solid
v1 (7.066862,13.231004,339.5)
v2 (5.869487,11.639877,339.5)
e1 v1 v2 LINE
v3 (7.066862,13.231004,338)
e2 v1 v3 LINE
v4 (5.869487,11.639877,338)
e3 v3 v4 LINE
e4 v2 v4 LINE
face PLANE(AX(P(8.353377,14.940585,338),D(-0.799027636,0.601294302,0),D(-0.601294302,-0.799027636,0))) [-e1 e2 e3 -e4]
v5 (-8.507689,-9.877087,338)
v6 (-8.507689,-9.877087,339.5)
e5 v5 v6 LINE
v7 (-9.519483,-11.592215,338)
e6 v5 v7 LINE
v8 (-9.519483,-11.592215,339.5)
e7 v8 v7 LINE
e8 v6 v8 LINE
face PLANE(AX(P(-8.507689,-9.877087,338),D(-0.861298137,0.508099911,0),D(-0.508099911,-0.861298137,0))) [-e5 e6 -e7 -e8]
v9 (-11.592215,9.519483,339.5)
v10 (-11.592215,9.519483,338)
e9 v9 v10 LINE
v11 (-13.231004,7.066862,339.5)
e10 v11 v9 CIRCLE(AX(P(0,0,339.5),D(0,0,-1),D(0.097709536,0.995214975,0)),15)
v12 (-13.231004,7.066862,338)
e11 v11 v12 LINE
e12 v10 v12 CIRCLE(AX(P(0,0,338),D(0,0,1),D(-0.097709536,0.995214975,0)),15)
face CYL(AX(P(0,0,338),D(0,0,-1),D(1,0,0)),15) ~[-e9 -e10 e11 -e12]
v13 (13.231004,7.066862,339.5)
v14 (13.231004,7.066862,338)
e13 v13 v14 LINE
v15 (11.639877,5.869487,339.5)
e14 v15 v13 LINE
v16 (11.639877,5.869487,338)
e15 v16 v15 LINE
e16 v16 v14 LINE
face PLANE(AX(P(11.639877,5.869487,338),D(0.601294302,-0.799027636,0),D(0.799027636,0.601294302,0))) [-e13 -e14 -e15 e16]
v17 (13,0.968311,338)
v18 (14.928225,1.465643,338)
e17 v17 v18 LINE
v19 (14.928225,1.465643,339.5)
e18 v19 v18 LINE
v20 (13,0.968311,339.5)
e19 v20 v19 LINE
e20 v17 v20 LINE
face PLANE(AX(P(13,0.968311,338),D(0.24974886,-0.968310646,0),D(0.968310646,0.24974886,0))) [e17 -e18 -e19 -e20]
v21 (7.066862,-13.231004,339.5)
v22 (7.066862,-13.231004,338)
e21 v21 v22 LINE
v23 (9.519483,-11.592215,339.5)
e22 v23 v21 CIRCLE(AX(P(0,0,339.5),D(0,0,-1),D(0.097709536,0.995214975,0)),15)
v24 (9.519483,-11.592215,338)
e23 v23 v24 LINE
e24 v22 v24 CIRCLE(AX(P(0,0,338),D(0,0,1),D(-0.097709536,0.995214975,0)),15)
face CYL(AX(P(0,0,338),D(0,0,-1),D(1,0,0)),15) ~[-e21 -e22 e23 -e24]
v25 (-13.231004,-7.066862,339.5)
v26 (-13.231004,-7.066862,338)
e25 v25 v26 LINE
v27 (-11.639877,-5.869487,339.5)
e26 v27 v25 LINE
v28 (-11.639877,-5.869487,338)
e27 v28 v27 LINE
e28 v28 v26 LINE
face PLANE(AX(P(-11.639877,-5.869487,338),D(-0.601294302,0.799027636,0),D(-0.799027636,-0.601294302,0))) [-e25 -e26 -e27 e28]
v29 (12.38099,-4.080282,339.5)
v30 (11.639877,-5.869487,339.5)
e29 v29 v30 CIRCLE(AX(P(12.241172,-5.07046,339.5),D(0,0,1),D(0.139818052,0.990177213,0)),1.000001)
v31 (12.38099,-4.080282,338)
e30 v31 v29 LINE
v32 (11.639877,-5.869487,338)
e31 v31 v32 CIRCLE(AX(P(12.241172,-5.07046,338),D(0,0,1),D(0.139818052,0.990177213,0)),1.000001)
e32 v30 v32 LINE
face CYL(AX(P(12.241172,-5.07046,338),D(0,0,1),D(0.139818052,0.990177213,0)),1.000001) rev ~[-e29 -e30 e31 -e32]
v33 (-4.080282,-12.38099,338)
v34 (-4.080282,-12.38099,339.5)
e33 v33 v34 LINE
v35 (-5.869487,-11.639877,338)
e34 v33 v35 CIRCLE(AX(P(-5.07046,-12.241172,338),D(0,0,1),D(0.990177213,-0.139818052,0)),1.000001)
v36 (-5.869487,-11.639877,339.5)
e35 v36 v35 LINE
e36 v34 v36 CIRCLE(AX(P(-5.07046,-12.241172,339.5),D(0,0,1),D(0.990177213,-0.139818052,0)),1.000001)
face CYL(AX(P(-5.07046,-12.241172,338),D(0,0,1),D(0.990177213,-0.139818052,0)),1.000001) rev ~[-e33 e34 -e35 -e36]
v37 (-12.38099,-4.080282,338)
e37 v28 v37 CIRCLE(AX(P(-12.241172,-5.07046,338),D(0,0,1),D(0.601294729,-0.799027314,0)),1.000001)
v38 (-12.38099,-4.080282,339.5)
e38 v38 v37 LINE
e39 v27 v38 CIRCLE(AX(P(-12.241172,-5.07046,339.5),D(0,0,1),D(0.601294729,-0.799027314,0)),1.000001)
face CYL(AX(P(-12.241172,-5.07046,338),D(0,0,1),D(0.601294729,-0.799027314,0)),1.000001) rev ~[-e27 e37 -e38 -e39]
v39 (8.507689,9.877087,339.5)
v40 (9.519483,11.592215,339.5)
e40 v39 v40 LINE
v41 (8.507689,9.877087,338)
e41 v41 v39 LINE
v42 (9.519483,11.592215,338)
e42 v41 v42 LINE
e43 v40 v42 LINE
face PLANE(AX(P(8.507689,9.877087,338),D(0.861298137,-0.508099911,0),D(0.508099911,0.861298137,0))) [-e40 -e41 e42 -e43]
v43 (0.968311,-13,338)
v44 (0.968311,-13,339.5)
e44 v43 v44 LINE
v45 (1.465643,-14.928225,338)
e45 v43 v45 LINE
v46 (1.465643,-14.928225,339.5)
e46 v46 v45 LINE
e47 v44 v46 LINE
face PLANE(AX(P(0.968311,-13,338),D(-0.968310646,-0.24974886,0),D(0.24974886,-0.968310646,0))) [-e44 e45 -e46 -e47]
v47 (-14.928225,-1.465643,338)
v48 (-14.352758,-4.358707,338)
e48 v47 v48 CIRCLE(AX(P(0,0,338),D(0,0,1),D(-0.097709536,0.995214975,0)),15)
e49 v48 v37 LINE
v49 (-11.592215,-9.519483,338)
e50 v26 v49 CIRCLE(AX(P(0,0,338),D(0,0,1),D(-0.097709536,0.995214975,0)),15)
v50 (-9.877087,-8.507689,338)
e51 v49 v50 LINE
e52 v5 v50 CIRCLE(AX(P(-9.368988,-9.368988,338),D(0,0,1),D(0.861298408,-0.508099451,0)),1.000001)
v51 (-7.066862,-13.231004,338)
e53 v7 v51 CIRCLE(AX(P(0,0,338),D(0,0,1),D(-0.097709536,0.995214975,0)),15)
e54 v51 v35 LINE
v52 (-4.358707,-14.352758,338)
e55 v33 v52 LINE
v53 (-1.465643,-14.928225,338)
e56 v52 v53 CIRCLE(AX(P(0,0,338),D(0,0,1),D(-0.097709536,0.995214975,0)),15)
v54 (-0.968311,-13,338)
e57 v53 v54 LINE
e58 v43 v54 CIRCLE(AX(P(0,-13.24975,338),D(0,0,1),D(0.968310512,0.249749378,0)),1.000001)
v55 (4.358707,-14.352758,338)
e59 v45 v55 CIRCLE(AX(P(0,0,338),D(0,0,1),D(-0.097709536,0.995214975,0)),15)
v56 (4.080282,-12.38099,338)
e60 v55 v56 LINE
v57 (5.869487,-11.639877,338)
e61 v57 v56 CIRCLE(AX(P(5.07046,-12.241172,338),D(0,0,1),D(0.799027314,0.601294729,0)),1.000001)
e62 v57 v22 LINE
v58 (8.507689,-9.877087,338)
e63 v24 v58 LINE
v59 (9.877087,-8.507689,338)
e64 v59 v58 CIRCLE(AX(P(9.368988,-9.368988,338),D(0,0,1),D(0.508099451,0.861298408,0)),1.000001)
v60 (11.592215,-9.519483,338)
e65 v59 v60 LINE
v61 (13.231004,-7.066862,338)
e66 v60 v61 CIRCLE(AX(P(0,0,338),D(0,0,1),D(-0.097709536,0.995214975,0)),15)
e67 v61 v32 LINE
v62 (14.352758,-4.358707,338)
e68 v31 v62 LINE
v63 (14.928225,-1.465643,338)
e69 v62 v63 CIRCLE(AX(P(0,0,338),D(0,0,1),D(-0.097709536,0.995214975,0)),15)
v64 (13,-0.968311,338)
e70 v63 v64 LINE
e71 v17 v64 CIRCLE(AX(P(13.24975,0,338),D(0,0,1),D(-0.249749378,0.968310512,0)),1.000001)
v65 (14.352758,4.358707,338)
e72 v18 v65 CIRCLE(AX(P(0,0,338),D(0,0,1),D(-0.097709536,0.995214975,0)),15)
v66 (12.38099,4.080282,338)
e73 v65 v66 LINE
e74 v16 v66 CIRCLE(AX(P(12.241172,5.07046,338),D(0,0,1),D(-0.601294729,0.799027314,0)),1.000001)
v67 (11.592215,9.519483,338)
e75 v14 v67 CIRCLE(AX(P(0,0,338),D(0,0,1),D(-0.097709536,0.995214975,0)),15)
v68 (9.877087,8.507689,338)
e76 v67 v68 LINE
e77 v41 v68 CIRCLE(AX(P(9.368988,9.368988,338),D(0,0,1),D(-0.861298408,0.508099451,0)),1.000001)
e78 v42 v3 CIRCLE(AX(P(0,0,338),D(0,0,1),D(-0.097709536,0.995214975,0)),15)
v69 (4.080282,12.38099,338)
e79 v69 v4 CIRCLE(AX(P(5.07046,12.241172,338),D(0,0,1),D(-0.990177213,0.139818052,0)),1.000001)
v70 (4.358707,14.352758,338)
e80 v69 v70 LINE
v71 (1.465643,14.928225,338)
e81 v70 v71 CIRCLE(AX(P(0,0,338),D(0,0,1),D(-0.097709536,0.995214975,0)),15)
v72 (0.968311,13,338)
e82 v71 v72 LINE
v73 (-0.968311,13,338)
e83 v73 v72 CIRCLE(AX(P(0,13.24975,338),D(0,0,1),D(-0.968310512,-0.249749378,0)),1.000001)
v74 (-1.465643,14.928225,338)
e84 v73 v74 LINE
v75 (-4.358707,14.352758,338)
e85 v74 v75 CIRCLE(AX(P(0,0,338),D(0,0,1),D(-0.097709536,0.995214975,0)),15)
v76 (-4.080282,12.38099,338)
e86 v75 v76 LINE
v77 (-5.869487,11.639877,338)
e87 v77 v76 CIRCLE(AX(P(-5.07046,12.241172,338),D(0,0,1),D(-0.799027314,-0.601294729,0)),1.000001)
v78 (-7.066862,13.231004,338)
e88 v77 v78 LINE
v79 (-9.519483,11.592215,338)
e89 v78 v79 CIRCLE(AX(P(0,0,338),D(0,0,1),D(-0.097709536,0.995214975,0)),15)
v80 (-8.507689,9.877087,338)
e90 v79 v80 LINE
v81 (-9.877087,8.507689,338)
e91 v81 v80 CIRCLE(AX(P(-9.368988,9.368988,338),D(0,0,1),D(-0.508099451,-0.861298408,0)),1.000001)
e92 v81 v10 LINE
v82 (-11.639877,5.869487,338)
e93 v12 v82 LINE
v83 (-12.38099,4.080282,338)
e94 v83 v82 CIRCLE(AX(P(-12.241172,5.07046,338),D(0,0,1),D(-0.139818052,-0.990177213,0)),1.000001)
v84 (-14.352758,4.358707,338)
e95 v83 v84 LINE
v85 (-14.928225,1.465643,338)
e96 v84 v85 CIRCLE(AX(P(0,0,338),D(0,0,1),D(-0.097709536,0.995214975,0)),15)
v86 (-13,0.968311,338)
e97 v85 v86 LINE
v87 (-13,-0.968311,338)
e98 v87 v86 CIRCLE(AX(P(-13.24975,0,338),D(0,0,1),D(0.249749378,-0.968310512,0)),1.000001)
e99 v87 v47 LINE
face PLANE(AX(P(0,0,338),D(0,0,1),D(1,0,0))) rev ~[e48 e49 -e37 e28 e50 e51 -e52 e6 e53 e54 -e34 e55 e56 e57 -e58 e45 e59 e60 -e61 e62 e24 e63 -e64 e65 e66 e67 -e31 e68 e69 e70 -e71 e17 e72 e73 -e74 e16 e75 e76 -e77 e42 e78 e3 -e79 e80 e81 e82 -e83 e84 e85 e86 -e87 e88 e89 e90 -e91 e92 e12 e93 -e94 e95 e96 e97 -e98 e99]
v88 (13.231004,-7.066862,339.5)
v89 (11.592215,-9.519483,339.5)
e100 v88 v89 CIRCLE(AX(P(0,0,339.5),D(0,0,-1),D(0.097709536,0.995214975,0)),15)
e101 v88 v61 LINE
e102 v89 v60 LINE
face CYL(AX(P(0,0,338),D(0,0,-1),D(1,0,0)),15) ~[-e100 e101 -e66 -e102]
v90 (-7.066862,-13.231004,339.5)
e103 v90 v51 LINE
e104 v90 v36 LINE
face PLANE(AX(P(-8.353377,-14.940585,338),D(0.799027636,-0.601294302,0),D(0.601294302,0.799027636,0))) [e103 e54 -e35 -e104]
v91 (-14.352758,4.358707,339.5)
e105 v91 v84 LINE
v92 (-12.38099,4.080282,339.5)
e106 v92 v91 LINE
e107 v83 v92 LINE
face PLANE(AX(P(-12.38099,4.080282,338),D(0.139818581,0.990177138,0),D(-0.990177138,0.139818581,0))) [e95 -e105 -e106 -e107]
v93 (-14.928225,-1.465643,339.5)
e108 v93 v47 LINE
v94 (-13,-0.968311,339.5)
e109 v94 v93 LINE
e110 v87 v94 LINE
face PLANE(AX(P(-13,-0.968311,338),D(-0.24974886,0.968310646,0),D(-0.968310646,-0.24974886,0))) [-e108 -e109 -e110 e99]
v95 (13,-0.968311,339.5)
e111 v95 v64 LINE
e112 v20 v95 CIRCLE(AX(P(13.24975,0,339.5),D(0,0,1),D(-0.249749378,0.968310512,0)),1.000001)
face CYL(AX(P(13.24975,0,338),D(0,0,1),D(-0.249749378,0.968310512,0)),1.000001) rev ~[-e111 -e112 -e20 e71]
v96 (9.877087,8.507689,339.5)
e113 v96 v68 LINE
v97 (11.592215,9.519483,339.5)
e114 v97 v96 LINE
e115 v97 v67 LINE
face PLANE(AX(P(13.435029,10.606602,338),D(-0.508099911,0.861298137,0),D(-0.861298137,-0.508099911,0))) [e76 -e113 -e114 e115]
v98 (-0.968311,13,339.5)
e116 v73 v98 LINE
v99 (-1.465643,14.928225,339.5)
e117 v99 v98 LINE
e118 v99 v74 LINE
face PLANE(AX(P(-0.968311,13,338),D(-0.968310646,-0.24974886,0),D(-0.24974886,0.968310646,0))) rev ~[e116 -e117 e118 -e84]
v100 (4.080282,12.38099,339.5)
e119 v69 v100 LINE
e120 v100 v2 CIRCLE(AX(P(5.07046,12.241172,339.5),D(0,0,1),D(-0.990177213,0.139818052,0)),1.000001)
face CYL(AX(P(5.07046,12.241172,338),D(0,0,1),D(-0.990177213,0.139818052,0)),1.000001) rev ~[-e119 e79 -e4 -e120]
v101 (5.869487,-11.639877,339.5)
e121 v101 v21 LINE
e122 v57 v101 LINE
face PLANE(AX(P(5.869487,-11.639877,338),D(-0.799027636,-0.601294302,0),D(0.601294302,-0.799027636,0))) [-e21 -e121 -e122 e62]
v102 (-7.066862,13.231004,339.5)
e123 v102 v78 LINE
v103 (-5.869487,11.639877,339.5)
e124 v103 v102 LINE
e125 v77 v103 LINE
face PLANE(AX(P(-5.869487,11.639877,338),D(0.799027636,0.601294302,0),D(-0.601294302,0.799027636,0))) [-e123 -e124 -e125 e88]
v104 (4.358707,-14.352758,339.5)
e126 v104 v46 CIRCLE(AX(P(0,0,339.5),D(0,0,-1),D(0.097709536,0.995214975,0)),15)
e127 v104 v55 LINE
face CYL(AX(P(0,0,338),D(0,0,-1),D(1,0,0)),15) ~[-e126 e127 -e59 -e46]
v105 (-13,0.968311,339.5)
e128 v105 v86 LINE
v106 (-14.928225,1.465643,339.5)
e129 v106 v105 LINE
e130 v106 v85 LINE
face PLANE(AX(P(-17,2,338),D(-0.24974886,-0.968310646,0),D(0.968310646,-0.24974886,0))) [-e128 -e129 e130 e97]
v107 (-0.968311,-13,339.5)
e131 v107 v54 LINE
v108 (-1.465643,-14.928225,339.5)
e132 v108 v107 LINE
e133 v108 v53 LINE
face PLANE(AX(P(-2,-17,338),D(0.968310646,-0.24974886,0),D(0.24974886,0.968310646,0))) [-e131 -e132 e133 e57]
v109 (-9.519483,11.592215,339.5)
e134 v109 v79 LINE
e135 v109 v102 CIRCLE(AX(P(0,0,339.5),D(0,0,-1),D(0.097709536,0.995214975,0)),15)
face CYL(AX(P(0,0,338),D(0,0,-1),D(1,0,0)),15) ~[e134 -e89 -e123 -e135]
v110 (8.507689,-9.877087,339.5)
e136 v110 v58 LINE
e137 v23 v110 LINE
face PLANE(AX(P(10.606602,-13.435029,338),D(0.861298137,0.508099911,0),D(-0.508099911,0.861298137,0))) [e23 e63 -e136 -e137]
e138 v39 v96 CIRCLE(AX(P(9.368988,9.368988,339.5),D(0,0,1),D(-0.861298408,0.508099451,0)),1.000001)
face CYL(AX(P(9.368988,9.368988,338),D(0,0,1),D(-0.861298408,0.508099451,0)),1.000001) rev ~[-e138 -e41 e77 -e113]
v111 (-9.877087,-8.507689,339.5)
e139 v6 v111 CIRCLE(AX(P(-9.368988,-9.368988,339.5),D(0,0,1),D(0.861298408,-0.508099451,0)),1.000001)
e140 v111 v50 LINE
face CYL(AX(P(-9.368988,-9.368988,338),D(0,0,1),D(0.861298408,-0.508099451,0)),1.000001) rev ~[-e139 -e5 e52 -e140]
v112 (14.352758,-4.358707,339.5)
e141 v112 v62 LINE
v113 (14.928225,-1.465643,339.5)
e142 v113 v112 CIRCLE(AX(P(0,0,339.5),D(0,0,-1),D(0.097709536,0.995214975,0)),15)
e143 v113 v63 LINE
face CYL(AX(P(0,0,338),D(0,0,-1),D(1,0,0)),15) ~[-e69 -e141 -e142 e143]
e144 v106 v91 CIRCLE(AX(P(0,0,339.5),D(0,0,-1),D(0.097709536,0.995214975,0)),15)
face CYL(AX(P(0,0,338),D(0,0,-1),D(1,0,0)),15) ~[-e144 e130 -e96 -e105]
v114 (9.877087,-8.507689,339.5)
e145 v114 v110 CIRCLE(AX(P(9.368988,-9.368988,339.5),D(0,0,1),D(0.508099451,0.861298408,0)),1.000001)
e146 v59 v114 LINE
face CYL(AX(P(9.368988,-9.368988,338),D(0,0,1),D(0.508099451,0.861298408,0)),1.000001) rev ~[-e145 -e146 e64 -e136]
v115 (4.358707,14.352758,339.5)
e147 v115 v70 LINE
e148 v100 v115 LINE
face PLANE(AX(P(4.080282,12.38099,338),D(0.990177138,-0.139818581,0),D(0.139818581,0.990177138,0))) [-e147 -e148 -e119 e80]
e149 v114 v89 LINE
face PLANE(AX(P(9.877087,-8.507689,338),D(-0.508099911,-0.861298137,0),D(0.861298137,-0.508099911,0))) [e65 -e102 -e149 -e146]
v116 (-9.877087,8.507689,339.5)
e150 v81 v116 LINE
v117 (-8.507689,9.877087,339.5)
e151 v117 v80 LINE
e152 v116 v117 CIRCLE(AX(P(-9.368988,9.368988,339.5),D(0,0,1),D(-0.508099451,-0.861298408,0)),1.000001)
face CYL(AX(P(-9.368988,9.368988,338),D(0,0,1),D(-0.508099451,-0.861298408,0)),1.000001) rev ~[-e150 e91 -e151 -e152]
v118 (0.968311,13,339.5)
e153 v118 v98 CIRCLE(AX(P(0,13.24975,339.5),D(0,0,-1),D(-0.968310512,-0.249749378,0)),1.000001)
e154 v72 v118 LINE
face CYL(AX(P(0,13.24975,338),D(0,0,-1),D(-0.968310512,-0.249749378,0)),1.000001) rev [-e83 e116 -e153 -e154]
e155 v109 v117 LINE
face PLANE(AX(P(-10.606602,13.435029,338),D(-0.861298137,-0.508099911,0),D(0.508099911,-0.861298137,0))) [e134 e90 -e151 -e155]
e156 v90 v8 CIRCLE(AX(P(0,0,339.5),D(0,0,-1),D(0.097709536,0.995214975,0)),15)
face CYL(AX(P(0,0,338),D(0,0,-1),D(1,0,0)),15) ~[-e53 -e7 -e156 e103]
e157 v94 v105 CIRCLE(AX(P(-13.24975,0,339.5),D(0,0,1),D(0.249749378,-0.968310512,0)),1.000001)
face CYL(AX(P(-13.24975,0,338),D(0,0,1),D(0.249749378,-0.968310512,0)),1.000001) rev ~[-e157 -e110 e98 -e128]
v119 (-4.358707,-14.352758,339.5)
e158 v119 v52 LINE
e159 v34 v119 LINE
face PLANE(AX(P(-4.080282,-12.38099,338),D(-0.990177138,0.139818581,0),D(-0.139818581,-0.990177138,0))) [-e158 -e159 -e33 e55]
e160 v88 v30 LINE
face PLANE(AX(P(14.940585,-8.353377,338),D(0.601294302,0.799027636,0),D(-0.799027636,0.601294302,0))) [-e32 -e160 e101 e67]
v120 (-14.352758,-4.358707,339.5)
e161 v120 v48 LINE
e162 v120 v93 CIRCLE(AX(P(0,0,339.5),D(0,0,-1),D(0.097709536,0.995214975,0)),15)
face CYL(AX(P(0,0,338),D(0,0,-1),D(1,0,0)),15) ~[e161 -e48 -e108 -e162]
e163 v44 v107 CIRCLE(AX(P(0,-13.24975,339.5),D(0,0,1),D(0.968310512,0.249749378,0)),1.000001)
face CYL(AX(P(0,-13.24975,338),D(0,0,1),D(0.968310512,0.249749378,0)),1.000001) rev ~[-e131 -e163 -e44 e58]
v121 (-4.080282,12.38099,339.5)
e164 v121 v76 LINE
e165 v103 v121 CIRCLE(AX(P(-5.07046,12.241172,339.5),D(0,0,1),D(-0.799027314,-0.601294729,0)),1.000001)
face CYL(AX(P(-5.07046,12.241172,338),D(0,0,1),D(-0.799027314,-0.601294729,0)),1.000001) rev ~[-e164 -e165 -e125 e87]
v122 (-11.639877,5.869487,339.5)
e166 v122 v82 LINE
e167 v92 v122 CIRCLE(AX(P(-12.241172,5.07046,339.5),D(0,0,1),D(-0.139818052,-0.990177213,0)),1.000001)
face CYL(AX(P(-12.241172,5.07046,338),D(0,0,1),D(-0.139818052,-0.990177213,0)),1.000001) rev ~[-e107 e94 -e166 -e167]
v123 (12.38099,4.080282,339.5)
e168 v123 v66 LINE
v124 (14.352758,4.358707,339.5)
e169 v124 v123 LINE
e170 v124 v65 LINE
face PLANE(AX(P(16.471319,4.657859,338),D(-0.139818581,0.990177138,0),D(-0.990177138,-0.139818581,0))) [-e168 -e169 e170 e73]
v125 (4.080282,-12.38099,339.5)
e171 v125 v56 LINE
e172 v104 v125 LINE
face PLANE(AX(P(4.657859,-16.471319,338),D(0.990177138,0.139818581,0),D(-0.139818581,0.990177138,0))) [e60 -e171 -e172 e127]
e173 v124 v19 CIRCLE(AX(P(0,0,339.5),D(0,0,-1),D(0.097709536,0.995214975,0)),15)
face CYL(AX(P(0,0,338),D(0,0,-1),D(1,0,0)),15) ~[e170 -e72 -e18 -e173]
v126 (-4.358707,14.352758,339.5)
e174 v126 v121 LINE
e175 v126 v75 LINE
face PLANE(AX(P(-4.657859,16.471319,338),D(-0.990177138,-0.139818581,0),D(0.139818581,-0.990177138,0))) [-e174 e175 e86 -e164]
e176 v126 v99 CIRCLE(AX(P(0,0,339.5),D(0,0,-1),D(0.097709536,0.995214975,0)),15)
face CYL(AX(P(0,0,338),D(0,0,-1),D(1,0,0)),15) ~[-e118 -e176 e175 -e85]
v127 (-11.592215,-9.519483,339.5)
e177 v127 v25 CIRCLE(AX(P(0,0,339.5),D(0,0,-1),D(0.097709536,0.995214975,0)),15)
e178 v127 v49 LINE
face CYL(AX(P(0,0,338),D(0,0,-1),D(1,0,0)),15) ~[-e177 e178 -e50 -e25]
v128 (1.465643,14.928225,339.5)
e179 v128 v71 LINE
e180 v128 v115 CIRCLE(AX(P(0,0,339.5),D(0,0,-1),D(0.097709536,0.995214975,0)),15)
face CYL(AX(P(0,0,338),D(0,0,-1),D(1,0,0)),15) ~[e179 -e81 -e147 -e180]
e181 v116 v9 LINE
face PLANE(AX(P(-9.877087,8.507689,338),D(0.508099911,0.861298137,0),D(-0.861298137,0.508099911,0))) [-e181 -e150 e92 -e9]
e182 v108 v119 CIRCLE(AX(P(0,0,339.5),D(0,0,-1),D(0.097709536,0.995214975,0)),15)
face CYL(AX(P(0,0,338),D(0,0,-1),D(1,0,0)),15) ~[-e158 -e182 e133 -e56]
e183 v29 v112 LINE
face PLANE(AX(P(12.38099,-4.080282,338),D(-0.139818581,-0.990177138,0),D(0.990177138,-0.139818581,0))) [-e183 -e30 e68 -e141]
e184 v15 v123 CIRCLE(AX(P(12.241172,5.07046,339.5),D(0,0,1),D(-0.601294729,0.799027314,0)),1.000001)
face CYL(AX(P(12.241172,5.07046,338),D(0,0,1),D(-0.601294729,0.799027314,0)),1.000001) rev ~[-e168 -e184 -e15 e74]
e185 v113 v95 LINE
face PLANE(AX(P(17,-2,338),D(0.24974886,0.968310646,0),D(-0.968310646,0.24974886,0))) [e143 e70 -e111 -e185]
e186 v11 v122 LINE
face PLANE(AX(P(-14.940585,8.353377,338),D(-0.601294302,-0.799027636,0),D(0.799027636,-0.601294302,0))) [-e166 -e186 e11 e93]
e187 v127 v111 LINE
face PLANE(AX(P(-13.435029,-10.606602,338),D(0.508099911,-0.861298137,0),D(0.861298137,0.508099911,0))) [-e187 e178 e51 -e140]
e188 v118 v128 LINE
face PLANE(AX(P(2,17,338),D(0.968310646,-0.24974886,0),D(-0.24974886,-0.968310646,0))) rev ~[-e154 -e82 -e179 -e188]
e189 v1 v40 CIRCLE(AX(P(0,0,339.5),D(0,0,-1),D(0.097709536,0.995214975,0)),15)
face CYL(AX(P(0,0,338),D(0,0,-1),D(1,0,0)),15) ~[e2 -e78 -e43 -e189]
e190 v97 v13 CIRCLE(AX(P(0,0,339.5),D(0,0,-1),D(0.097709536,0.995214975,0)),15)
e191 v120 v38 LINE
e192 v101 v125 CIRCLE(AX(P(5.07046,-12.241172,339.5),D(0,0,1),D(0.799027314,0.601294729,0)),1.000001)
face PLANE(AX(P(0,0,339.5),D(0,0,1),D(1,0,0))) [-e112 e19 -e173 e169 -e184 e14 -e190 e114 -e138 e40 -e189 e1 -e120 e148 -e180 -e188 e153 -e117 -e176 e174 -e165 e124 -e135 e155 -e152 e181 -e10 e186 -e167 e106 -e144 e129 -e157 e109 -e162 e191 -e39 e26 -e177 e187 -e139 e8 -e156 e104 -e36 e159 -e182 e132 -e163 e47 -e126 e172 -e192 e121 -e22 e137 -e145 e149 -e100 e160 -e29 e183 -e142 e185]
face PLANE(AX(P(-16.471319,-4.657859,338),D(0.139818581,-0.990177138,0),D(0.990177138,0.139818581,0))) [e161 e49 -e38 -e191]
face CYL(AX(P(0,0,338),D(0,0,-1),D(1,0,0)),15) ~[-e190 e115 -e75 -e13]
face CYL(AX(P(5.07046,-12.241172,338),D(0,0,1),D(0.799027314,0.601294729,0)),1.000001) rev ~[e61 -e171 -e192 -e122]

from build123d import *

# Parameters (mm, degrees)
SKETCH012_R        = 15
PAD010_DEPTH       = 1.5
POCKET_DEPTH       = 84.90683
POCKET_DEPTH_BACK  = 86.40683
POLARPATTERN_COUNT = 16


with BuildPart() as part:
    # Sketch012 → Pad010 (new body)
    with BuildSketch(Plane.XY):
        Circle(SKETCH012_R)
    extrude(amount=PAD010_DEPTH)

    # Sketch013 → Pocket (cut, two sides)
    with BuildSketch(Plane.XY) as pocket_sk:
        with BuildLine():
            Line((-2, 17), (2, 17))
            Line((2, 17), (0.968311, 13))
            ThreePointArc((-0.968311, 13), (0, 12.249749), (0.968311, 13))
            Line((-0.968311, 13), (-2, 17))
        make_face()
    pocket = extrude(amount=-POCKET_DEPTH, mode=Mode.SUBTRACT) + extrude(pocket_sk.sketch, amount=POCKET_DEPTH_BACK, mode=Mode.SUBTRACT)

    # PolarPattern: Pocket ×16 about axis
    polarpattern_axis = Axis((0, 0, 0), (0, 0, 1))
    for i in range(1, POLARPATTERN_COUNT):
        add(pocket.rotate(polarpattern_axis, i * 360 / POLARPATTERN_COUNT), mode=Mode.SUBTRACT)


with BuildPart() as part_1:
    # Body011 placement: moved
    add(part.part.moved(Location((0, 0, 338))))


solid = part_1.part
